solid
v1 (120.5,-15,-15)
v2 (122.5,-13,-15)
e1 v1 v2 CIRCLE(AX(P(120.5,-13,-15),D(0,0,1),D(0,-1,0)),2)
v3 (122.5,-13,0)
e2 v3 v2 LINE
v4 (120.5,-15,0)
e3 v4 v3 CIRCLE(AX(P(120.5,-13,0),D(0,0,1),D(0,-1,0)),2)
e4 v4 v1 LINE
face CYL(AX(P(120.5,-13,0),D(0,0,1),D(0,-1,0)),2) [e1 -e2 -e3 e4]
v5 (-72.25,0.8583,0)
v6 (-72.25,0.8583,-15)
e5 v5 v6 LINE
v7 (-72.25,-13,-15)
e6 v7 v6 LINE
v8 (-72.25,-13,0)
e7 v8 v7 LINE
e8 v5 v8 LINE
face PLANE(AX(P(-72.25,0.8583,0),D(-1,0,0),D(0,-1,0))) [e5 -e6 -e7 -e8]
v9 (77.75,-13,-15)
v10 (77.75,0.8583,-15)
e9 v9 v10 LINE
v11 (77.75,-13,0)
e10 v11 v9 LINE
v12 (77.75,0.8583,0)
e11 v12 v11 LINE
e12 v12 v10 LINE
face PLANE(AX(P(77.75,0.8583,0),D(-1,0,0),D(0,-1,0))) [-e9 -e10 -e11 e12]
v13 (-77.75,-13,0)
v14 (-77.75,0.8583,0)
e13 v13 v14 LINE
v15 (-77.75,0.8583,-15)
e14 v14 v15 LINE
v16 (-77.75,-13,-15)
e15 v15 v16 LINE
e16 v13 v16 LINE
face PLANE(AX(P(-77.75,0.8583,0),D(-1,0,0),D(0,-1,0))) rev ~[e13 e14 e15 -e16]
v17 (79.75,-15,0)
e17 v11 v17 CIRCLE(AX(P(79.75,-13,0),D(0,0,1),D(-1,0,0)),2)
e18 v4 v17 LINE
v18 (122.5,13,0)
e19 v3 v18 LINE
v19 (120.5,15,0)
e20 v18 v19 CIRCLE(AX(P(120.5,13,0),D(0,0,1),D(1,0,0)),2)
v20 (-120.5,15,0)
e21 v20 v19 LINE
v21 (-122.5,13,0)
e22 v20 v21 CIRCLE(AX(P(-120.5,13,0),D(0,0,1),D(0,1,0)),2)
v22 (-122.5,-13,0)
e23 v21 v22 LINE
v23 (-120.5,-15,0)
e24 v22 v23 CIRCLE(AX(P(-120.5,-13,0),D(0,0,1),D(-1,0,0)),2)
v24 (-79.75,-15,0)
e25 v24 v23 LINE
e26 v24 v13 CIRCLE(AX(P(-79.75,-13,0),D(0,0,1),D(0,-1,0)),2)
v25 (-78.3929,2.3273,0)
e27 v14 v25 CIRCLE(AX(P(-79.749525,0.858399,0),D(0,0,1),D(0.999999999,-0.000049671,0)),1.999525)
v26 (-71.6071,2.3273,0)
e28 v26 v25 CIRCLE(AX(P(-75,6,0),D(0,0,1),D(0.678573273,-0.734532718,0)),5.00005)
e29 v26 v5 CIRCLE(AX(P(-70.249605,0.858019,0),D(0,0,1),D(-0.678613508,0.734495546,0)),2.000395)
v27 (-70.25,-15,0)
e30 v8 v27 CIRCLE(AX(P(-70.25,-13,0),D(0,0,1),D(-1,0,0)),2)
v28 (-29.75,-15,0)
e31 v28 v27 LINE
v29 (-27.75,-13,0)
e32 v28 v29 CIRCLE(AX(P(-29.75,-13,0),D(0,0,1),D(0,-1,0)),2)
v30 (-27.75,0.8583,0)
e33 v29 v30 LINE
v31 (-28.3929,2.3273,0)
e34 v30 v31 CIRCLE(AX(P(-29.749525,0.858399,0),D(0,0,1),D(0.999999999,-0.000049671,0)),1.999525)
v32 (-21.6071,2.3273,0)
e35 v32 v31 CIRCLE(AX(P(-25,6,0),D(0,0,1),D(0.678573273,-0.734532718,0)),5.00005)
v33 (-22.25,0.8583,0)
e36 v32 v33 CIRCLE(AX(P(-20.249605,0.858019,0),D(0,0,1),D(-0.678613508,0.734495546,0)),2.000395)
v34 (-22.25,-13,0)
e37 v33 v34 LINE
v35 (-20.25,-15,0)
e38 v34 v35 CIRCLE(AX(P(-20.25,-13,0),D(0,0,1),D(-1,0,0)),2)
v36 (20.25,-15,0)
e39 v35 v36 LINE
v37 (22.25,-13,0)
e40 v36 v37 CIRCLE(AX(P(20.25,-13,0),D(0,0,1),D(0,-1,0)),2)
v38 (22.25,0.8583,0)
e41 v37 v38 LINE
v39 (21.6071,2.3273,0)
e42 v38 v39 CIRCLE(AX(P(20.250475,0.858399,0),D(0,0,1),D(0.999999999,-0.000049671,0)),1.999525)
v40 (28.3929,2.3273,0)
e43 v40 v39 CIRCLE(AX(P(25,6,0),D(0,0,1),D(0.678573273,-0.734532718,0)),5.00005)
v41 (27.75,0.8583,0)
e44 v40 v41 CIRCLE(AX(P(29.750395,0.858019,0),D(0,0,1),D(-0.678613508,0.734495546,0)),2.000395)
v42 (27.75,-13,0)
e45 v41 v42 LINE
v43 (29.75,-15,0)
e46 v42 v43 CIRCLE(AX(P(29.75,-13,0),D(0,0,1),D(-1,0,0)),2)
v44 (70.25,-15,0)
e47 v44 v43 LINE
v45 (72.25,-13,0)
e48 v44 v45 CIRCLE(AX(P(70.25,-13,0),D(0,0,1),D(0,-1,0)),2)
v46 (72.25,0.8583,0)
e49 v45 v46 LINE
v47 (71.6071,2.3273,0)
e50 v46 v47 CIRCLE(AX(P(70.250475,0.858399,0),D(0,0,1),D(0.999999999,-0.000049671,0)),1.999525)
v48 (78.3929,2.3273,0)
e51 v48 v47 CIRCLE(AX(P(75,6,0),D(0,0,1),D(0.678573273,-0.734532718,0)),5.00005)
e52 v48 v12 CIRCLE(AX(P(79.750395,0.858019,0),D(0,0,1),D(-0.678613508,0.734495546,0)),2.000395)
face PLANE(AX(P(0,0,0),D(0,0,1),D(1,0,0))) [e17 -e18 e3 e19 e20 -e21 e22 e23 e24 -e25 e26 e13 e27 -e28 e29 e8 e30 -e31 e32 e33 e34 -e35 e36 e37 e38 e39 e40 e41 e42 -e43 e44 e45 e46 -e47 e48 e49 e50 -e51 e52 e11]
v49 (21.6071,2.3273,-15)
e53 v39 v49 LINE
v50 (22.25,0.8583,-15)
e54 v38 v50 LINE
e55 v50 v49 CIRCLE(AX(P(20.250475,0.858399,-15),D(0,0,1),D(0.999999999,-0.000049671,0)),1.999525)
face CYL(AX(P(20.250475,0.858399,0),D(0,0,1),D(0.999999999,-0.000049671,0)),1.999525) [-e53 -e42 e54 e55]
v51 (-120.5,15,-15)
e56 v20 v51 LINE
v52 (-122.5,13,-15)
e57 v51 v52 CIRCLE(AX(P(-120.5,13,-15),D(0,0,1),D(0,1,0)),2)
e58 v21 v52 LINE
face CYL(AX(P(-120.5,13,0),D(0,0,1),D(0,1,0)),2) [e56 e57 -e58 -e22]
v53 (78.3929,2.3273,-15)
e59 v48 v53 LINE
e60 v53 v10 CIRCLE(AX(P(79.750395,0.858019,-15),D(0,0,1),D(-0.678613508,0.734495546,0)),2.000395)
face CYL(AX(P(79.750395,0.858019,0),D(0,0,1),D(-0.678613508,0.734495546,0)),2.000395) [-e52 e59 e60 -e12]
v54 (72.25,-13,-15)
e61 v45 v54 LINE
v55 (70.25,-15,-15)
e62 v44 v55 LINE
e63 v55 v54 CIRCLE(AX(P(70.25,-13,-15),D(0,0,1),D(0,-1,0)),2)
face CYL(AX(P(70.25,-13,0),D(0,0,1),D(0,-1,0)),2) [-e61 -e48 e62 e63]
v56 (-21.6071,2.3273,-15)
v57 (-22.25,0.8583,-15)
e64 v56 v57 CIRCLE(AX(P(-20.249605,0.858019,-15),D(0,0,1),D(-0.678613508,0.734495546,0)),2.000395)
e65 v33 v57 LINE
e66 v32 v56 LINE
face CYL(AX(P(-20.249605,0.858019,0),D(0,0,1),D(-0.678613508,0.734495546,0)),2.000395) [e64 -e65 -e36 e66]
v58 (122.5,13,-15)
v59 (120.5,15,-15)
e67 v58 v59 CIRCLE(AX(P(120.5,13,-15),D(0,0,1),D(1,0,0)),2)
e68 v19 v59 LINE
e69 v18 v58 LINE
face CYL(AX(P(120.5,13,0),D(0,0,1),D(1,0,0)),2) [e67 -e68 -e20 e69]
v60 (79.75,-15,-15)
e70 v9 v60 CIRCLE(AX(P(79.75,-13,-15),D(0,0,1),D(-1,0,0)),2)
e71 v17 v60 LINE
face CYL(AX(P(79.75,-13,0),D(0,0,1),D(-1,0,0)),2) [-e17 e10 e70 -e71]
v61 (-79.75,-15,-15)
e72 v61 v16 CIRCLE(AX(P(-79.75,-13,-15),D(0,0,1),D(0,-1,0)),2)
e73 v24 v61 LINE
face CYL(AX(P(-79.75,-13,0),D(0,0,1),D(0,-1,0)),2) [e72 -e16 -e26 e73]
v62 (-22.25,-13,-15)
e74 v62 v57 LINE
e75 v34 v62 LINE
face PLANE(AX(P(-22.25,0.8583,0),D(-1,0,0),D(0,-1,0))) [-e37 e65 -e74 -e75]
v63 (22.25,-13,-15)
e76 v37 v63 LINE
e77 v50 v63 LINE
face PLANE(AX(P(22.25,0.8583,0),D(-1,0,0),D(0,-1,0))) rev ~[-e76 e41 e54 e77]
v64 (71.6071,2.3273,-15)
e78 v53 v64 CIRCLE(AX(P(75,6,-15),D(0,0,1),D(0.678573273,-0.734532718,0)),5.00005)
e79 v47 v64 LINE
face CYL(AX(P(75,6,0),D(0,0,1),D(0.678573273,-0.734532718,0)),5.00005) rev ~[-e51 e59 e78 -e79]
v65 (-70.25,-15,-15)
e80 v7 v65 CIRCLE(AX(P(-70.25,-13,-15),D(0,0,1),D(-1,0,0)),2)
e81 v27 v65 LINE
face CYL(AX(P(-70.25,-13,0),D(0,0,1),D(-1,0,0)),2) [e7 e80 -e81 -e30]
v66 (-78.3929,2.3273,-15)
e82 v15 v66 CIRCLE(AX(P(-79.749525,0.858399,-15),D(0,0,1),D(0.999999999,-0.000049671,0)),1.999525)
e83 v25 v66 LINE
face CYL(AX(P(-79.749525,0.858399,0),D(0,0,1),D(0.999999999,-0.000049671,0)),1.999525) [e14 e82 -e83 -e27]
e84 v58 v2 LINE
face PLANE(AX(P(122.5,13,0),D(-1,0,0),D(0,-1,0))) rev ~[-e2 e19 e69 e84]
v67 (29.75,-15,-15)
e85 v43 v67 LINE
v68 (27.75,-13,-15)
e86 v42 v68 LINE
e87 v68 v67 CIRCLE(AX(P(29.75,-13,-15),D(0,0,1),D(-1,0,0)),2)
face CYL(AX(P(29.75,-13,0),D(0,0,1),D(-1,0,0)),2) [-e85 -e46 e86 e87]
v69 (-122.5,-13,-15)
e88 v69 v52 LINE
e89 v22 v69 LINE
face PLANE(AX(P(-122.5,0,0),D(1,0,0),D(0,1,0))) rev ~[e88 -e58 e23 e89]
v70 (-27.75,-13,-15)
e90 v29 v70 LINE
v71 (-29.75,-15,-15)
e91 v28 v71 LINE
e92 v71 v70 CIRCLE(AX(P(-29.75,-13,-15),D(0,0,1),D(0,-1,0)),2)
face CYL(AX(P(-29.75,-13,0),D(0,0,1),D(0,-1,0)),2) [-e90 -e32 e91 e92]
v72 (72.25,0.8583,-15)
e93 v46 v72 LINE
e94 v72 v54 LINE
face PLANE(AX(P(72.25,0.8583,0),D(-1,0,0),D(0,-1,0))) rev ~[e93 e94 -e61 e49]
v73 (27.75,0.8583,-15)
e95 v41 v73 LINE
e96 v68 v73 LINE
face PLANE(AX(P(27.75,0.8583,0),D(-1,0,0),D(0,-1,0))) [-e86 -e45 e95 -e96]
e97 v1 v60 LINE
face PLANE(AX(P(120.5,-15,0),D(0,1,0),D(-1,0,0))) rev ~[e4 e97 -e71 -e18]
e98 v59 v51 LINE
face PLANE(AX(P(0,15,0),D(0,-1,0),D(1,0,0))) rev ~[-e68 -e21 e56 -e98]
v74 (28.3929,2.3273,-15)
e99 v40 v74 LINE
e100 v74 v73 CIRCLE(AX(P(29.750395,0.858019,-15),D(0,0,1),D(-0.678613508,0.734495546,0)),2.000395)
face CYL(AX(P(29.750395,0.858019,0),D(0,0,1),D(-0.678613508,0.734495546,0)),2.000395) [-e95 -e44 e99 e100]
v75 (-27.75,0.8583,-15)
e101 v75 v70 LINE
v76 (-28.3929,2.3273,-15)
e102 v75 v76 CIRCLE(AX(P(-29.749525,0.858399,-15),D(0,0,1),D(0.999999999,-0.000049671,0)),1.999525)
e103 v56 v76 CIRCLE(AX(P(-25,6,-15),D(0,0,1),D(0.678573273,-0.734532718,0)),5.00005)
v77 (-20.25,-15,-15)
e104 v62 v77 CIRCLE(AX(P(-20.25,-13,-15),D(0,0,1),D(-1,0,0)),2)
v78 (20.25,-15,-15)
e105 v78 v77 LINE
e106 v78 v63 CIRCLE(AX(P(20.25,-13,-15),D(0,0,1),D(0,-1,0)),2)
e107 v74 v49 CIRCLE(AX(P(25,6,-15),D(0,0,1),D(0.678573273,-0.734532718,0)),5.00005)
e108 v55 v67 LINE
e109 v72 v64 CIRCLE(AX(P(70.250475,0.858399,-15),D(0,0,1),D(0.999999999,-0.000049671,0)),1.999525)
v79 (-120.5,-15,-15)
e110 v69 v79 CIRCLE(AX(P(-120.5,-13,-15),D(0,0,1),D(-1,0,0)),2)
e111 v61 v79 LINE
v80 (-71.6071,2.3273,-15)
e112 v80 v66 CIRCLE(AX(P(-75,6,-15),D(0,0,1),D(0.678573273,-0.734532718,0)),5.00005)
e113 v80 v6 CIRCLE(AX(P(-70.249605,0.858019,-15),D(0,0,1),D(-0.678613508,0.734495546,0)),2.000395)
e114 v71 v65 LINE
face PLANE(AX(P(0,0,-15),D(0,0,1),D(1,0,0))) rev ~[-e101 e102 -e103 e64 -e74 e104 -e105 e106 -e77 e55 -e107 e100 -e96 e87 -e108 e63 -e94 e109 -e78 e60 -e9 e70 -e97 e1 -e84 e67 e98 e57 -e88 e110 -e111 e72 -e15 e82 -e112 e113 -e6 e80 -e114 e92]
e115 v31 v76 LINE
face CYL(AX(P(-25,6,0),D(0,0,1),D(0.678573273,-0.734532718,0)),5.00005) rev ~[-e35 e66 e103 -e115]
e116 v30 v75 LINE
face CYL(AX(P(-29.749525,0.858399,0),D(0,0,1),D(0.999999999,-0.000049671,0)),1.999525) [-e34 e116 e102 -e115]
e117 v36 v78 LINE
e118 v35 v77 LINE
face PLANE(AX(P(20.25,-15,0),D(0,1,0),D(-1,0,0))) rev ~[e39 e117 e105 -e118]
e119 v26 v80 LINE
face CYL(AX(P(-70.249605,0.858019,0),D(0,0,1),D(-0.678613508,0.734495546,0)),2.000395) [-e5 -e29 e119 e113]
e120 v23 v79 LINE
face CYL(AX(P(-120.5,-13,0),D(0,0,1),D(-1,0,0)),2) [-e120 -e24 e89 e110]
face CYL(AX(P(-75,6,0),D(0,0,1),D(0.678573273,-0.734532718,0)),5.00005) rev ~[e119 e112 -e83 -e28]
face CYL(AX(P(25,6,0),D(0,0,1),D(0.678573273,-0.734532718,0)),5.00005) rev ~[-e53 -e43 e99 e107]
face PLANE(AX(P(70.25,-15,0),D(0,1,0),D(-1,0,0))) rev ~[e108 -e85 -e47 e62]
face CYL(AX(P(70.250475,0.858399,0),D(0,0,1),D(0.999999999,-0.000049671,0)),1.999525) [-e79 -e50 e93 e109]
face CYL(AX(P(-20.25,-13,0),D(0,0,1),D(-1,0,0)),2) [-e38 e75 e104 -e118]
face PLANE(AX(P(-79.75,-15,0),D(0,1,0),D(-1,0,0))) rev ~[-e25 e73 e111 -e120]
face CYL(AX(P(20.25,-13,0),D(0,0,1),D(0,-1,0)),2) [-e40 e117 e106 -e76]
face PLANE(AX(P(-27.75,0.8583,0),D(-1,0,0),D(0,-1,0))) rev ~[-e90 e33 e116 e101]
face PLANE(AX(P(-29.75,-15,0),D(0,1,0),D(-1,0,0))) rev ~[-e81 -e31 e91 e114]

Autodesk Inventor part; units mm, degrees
ref_plane "YZ Plane" through (0, 0, 0) normal (1, 0, 0) x (0, 1, 0)
ref_plane "XZ Plane" through (0, 0, 0) normal (0, 1, 0) x (-1, 0, 0)
ref_plane "XY Plane" through (0, 0, 0) normal (0, 0, 1) x (1, 0, 0)
sketch "Sketch1" plane through (0, 0, 0) normal (0, 0, 1) x (1, 0, 0)
  line L0 (0, 21.5799) -> (0, -21.5799) projected
  line L1 (-172.0799, 0) -> (172.0799, 0) projected
  line L2 (-120.5, 15) -> (120.5, 15)
  line L3 (122.5, 13) -> (122.5, -13)
  line L4 (-122.5, -13) -> (-122.5, 13)
  arc A0 (-21.6071, 2.3273) -> (-28.3929, 2.3273) centre (-25, 6) ccw
  line L5 (-25, 6) -> (-25, -2.9295)
  line L6 (-27.75, 0.8583) -> (-27.75, -13)
  line L7 (-22.25, 0.8583) -> (-22.25, -13)
  arc A1 (-27.75, 0.8583) -> (-28.3929, 2.3273) centre (-29.75, 0.8583) ccw
  arc A2 (-21.6071, 2.3273) -> (-22.25, 0.8583) centre (-20.25, 0.8583) ccw
  arc A3 (-29.75, -15) -> (-27.75, -13) centre (-29.75, -13) ccw
  arc A4 (-22.25, -13) -> (-20.25, -15) centre (-20.25, -13) ccw
  arc A5 (-71.6071, 2.3273) -> (-78.3929, 2.3273) centre (-75, 6) ccw
  line L8 (-75, 6) -> (-75, -2.9295)
  line L9 (-77.75, 0.8583) -> (-77.75, -13)
  line L10 (-72.25, 0.8583) -> (-72.25, -13)
  arc A6 (-77.75, 0.8583) -> (-78.3929, 2.3273) centre (-79.75, 0.8583) ccw
  arc A7 (-71.6071, 2.3273) -> (-72.25, 0.8583) centre (-70.25, 0.8583) ccw
  arc A8 (-79.75, -15) -> (-77.75, -13) centre (-79.75, -13) ccw
  arc A9 (-72.25, -13) -> (-70.25, -15) centre (-70.25, -13) ccw
  line L11 (-29.75, -15) -> (-70.25, -15)
  line L12 (-79.75, -15) -> (-120.5, -15)
  arc A10 (28.3929, 2.3273) -> (21.6071, 2.3273) centre (25, 6) ccw
  line L13 (25, 6) -> (25, -2.9295)
  line L14 (27.75, 0.8583) -> (27.75, -13)
  line L15 (22.25, 0.8583) -> (22.25, -13)
  arc A11 (28.3929, 2.3273) -> (27.75, 0.8583) centre (29.75, 0.8583) ccw
  arc A12 (22.25, 0.8583) -> (21.6071, 2.3273) centre (20.25, 0.8583) ccw
  arc A13 (27.75, -13) -> (29.75, -15) centre (29.75, -13) ccw
  arc A14 (20.25, -15) -> (22.25, -13) centre (20.25, -13) ccw
  line L16 (72.25, 0.8583) -> (72.25, -13)
  arc A15 (72.25, 0.8583) -> (71.6071, 2.3273) centre (70.25, 0.8583) ccw
  arc A16 (70.25, -15) -> (72.25, -13) centre (70.25, -13) ccw
  arc A17 (78.3929, 2.3273) -> (71.6071, 2.3273) centre (75, 6) ccw
  line L17 (77.75, 0.8583) -> (77.75, -13)
  arc A18 (78.3929, 2.3273) -> (77.75, 0.8583) centre (79.75, 0.8583) ccw
  line L18 (75, 6) -> (75, -2.9295)
  arc A19 (77.75, -13) -> (79.75, -15) centre (79.75, -13) ccw
  line L19 (20.25, -15) -> (-20.25, -15)
  line L20 (120.5, -15) -> (79.75, -15)
  line L21 (70.25, -15) -> (29.75, -15)
  arc A20 (-120.5, 15) -> (-122.5, 13) centre (-120.5, 13) ccw
  arc A21 (-122.5, -13) -> (-120.5, -15) centre (-120.5, -13) ccw
  arc A22 (120.5, -15) -> (122.5, -13) centre (120.5, -13) ccw
  arc A23 (122.5, 13) -> (120.5, 15) centre (120.5, 13) ccw
  point P0 (0, 0)
  point P1 (-122.5, 15)
  point P2 (122.5, 15)
  point P3 (-122.5, -15)
  point P4 (-27.75, 1.8242)
  point P5 (-22.25, 1.8242)
  point P6 (-77.75, 1.8242)
  point P7 (-72.25, 1.8242)
  point P8 (27.75, 1.8242)
  point P9 (22.25, 1.8242)
  point P10 (72.25, 1.8242)
  point P11 (77.75, 1.8242)
  dimension "d0" = 245
  dimension "d1" = 30
  dimension "d2" = 10
  dimension "d3" = 25
  dimension "d4" = 6
  dimension "d5" = 5.5
  dimension "d6" = 2
  dimension "d7" = 2
  dimension "d9" = 10
  dimension "d10" = 5.5
  dimension "d11" = 2
  dimension "d12" = 2
  dimension "d13" = 2
  dimension "d14" = 50
extrude "Extrusion1" add sketch "Sketch1" against normal blind 15 contours L2 A23 L3 L1 L17 A18 A17 A15 L16 L14 A11 A10 A12 L15 L0 | L0 L1 L7 A2 A0 A1 L6 L10 A7 A5 A6 L9 L4 A20 L2 | L1 L15 A14 L19 L0 | L0 L19 A4 L7 L1 | L1 L9 A8 L12 A21 L4 | L3 A22 L20 A19 L17 L1 | L6 A3 L11 A9 L10 L1 | L1 L16 A16 L21 A13 L14
properties part number "SlipersLåda 211018007"
